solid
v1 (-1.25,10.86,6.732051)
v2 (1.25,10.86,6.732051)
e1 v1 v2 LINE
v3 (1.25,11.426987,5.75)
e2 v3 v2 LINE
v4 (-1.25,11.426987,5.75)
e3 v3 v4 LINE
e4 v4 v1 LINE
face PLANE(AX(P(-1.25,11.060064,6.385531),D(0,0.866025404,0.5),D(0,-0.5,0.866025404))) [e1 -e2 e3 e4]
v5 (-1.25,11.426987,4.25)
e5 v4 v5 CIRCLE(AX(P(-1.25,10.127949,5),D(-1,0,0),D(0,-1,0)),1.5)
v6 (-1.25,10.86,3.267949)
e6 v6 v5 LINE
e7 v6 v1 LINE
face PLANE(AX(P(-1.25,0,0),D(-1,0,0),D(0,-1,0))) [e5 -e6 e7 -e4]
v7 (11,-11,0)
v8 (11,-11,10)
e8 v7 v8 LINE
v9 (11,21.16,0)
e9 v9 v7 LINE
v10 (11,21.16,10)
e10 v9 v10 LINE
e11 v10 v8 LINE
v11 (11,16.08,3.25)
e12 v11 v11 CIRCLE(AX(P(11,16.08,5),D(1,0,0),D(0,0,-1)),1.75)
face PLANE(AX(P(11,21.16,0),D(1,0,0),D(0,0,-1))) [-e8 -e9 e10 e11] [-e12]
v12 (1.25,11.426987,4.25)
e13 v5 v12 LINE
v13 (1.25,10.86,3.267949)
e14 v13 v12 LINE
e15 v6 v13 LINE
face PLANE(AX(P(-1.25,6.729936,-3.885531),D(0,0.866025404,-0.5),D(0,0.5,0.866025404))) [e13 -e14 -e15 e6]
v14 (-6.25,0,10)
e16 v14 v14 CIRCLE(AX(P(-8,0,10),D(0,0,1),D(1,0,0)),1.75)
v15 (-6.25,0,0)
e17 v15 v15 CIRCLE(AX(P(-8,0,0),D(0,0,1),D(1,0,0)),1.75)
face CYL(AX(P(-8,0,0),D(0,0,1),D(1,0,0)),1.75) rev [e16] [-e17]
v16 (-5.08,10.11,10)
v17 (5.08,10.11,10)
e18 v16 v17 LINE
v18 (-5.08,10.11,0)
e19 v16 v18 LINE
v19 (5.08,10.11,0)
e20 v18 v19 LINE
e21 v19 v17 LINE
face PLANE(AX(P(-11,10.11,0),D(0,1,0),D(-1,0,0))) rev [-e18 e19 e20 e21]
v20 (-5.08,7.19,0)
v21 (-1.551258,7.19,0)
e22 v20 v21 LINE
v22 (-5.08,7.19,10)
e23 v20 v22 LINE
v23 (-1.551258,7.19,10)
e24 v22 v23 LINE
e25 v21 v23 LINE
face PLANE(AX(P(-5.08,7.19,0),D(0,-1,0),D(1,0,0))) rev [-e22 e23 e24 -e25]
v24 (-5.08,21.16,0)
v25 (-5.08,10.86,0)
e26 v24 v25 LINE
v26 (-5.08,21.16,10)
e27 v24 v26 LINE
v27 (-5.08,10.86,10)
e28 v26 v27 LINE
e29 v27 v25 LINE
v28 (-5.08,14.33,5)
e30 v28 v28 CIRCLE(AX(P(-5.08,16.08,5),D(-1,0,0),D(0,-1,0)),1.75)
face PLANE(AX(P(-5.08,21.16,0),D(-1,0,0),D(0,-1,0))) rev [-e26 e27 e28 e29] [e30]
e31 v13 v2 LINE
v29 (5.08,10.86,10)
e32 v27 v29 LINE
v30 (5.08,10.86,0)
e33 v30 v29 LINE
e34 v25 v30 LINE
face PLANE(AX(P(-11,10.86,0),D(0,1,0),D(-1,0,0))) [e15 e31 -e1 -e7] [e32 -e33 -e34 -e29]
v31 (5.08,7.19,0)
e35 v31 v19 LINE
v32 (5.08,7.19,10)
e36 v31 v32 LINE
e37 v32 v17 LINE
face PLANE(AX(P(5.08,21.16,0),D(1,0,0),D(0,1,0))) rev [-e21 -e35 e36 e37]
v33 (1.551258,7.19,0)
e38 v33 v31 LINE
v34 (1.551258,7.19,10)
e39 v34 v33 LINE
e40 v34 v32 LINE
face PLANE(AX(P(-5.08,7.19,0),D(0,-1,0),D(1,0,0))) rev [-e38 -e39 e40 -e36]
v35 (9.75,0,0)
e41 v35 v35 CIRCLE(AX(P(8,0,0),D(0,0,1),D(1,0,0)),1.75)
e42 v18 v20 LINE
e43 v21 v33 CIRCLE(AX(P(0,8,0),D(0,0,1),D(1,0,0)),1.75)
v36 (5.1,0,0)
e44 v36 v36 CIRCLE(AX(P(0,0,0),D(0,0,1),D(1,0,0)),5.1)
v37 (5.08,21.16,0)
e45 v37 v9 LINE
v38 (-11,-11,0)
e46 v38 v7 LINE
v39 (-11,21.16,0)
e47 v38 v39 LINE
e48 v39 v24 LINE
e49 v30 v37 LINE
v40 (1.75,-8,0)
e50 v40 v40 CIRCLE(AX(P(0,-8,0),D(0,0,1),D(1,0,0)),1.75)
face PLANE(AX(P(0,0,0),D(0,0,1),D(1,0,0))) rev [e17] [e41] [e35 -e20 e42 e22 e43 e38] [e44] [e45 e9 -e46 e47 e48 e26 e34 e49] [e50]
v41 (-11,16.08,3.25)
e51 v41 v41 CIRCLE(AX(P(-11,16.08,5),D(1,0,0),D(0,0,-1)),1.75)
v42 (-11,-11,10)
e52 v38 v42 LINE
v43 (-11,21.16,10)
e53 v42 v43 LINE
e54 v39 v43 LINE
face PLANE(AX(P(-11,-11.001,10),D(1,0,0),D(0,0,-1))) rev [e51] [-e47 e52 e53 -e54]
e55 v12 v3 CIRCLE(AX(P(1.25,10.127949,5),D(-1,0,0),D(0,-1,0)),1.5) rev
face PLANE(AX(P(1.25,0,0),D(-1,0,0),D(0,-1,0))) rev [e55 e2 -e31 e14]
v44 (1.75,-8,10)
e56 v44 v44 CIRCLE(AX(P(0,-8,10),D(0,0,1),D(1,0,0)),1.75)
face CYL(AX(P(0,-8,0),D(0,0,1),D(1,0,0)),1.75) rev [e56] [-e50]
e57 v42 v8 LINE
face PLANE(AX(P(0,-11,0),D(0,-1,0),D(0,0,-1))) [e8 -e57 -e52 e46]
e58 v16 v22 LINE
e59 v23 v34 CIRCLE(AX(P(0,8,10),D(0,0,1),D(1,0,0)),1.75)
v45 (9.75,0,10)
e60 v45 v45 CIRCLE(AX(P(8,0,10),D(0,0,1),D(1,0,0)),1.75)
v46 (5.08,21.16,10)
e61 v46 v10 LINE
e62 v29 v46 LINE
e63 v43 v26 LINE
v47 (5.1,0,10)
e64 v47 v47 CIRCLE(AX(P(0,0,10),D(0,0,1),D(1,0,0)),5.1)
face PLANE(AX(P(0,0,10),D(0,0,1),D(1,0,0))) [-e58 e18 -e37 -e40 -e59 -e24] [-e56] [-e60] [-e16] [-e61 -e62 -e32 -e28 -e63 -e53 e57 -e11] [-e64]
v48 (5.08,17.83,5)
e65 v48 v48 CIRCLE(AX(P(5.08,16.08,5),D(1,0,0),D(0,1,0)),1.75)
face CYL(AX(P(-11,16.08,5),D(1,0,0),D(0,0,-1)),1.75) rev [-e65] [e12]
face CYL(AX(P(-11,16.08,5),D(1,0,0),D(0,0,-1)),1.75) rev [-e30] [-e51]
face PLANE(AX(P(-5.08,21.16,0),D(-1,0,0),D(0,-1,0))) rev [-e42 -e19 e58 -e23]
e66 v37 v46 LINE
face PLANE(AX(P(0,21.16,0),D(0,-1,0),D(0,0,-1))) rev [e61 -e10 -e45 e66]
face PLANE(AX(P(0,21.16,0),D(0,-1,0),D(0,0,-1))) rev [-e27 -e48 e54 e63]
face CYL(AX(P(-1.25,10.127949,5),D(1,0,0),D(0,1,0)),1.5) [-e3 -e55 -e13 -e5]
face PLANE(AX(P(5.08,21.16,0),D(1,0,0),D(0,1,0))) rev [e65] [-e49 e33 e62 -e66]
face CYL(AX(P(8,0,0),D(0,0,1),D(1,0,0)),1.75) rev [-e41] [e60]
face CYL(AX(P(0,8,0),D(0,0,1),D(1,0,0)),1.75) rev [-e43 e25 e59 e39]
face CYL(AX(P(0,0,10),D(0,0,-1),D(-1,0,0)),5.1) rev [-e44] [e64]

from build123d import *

# Parameters (mm, degrees)
SKETCH1_R                       = 11
SKETCH1_R_2                     = 5.1
BOSS_EXTRUDE1_DEPTH             = 10
SKETCH2_R                       = 1.75
CUT_EXTRUDE1_DEPTH              = 19.493242009
BOSS_EXTRUDE2_START             = 11
SKETCH3_W                       = 22
SKETCH3_H                       = 10
BOSS_EXTRUDE2_DEPTH             = 10.16
BOSS_EXTRUDE3_REACH             = 28.552
SKETCH5_W                       = 22
SKETCH5_H                       = 10
SKETCH6_W                       = 10.16
SKETCH6_H                       = 13.97
CUT_EXTRUDE2_DEPTH              = 26.860116009
SKETCH7_R                       = 1.75
CUT_EXTRUDE3_DEPTH              = 33.120797001
BOSS_EXTRUDE4_DEPTH             = 10
BOSS_EXTRUDE5_REACH             = 27.86
SKETCH9_W                       = 10
SKETCH9_H                       = 0.75
BOSS_EXTRUDE5_DIRECTION_2_REACH = 27.86
BOSS_EXTRUDE6_DEPTH             = 1.25
FILLET1_R                       = 1.5


with BuildPart() as part:
    # Sketch1 → Boss-Extrude1 (new body)
    with BuildSketch(Plane.XY):
        Circle(SKETCH1_R)
        Circle(SKETCH1_R_2, mode=Mode.SUBTRACT)
    extrude(amount=BOSS_EXTRUDE1_DEPTH)

    # Sketch2 → Cut-Extrude1 (cut, through all)
    with BuildSketch(Plane.XY.offset(10)):
        with Locations((0, 8)):
            Circle(SKETCH2_R)
        with Locations((8, 0)):
            Circle(SKETCH2_R)
        with Locations((0, -8)):
            Circle(SKETCH2_R)
        with Locations((-8, 0)):
            Circle(SKETCH2_R)
    extrude(amount=-CUT_EXTRUDE1_DEPTH, mode=Mode.SUBTRACT)

    # Sketch5 → Boss-Extrude3 (add, up to next)
    with BuildSketch(Plane.XZ.offset(-11), mode=Mode.PRIVATE) as boss_extrude3_sk1:
        with Locations((0, 5)):
            Rectangle(SKETCH5_W, SKETCH5_H)
    boss_extrude3_tool1 = extrude(boss_extrude3_sk1.sketch, amount=BOSS_EXTRUDE3_REACH, mode=Mode.PRIVATE) - part.part


with BuildPart() as body_2:
    # Sketch3 → Boss-Extrude2 (new body)
    with BuildSketch(Plane(origin=(0, 0, 0), x_dir=(1, 0, 0), z_dir=(0, 1, 0)).offset(BOSS_EXTRUDE2_START)):
        with Locations((0, -5)):
            Rectangle(SKETCH3_W, SKETCH3_H)
    extrude(amount=BOSS_EXTRUDE2_DEPTH)


with BuildPart() as part_1:
    add(part.part)

    add(body_2.part)  # Boss-Extrude3 merges body 2
    add(boss_extrude3_tool1.solids().sort_by_distance((0, 11, 5))[0])
    add(boss_extrude3_tool1.solids().sort_by_distance((0, 11, 5))[1])

    # Sketch6 → Cut-Extrude2 (cut, through all)
    with BuildSketch(Plane.XY.offset(10)):
        with Locations((0, 14.175)):
            Rectangle(SKETCH6_W, SKETCH6_H)
    extrude(amount=-CUT_EXTRUDE2_DEPTH, mode=Mode.SUBTRACT)

    # Sketch7 → Cut-Extrude3 (cut, through all)
    with BuildSketch(Plane(origin=(11, 0, 0), x_dir=(0, 0, -1), z_dir=(1, 0, 0))):
        with Locations((-5, 16.08)):
            Circle(SKETCH7_R)
    extrude(amount=-CUT_EXTRUDE3_DEPTH, mode=Mode.SUBTRACT)

    # Sketch8 → Boss-Extrude4 (add, through all)
    with BuildSketch(Plane.XY.offset(10)):
        with BuildLine():
            Line((-11, 0), (-11, -11))
            Line((-11, -11), (-4.5e-08, -11))
            ThreePointArc((-4.5e-08, -11), (-7.778174609, -7.778174577), (-11, 0))
        make_face()
        with BuildLine():
            ThreePointArc((11, 0), (7.778174577, -7.778174609), (-4.5e-08, -11))
            Line((-4.5e-08, -11), (11, -11))
            Line((11, -11), (11, 0))
        make_face()
    extrude(amount=-BOSS_EXTRUDE4_DEPTH)

    # Sketch9 → Boss-Extrude5 (add, up to next)
    with BuildSketch(Plane.ZY, mode=Mode.PRIVATE) as boss_extrude5_sk1:
        with Locations((5, 10.485)):
            Rectangle(SKETCH9_W, SKETCH9_H)
    boss_extrude5_tool1 = extrude(boss_extrude5_sk1.sketch, amount=BOSS_EXTRUDE5_REACH, mode=Mode.PRIVATE) - part_1.part
    add(boss_extrude5_tool1.solids().sort_by_distance((0, 10.485, 5))[0])

    # Sketch9 → Boss-Extrude5 direction 2 (add, up to next)
    with BuildSketch(Plane.ZY, mode=Mode.PRIVATE) as boss_extrude5_direction_2_sk1:
        with Locations((5, 10.485)):
            Rectangle(SKETCH9_W, SKETCH9_H)
    boss_extrude5_direction_2_tool1 = extrude(boss_extrude5_direction_2_sk1.sketch, amount=-BOSS_EXTRUDE5_DIRECTION_2_REACH, mode=Mode.PRIVATE) - part_1.part
    add(boss_extrude5_direction_2_tool1.solids().sort_by_distance((0, 10.485, 5))[0])

    # Sketch10 → Boss-Extrude6 (add, symmetric)
    with BuildSketch(Plane.ZY):
        Polygon((5, 11.86), (3.267949192, 10.86), (6.732050808, 10.86), align=None)
    extrude(amount=BOSS_EXTRUDE6_DEPTH, both=True)

    # Fillet1
    fillet1_edges = [part_1.edges().sort_by_distance(p)[0] for p in [
        (0, 11.86, 5),
    ]]
    fillet(fillet1_edges, radius=FILLET1_R)


solid = part_1.part
